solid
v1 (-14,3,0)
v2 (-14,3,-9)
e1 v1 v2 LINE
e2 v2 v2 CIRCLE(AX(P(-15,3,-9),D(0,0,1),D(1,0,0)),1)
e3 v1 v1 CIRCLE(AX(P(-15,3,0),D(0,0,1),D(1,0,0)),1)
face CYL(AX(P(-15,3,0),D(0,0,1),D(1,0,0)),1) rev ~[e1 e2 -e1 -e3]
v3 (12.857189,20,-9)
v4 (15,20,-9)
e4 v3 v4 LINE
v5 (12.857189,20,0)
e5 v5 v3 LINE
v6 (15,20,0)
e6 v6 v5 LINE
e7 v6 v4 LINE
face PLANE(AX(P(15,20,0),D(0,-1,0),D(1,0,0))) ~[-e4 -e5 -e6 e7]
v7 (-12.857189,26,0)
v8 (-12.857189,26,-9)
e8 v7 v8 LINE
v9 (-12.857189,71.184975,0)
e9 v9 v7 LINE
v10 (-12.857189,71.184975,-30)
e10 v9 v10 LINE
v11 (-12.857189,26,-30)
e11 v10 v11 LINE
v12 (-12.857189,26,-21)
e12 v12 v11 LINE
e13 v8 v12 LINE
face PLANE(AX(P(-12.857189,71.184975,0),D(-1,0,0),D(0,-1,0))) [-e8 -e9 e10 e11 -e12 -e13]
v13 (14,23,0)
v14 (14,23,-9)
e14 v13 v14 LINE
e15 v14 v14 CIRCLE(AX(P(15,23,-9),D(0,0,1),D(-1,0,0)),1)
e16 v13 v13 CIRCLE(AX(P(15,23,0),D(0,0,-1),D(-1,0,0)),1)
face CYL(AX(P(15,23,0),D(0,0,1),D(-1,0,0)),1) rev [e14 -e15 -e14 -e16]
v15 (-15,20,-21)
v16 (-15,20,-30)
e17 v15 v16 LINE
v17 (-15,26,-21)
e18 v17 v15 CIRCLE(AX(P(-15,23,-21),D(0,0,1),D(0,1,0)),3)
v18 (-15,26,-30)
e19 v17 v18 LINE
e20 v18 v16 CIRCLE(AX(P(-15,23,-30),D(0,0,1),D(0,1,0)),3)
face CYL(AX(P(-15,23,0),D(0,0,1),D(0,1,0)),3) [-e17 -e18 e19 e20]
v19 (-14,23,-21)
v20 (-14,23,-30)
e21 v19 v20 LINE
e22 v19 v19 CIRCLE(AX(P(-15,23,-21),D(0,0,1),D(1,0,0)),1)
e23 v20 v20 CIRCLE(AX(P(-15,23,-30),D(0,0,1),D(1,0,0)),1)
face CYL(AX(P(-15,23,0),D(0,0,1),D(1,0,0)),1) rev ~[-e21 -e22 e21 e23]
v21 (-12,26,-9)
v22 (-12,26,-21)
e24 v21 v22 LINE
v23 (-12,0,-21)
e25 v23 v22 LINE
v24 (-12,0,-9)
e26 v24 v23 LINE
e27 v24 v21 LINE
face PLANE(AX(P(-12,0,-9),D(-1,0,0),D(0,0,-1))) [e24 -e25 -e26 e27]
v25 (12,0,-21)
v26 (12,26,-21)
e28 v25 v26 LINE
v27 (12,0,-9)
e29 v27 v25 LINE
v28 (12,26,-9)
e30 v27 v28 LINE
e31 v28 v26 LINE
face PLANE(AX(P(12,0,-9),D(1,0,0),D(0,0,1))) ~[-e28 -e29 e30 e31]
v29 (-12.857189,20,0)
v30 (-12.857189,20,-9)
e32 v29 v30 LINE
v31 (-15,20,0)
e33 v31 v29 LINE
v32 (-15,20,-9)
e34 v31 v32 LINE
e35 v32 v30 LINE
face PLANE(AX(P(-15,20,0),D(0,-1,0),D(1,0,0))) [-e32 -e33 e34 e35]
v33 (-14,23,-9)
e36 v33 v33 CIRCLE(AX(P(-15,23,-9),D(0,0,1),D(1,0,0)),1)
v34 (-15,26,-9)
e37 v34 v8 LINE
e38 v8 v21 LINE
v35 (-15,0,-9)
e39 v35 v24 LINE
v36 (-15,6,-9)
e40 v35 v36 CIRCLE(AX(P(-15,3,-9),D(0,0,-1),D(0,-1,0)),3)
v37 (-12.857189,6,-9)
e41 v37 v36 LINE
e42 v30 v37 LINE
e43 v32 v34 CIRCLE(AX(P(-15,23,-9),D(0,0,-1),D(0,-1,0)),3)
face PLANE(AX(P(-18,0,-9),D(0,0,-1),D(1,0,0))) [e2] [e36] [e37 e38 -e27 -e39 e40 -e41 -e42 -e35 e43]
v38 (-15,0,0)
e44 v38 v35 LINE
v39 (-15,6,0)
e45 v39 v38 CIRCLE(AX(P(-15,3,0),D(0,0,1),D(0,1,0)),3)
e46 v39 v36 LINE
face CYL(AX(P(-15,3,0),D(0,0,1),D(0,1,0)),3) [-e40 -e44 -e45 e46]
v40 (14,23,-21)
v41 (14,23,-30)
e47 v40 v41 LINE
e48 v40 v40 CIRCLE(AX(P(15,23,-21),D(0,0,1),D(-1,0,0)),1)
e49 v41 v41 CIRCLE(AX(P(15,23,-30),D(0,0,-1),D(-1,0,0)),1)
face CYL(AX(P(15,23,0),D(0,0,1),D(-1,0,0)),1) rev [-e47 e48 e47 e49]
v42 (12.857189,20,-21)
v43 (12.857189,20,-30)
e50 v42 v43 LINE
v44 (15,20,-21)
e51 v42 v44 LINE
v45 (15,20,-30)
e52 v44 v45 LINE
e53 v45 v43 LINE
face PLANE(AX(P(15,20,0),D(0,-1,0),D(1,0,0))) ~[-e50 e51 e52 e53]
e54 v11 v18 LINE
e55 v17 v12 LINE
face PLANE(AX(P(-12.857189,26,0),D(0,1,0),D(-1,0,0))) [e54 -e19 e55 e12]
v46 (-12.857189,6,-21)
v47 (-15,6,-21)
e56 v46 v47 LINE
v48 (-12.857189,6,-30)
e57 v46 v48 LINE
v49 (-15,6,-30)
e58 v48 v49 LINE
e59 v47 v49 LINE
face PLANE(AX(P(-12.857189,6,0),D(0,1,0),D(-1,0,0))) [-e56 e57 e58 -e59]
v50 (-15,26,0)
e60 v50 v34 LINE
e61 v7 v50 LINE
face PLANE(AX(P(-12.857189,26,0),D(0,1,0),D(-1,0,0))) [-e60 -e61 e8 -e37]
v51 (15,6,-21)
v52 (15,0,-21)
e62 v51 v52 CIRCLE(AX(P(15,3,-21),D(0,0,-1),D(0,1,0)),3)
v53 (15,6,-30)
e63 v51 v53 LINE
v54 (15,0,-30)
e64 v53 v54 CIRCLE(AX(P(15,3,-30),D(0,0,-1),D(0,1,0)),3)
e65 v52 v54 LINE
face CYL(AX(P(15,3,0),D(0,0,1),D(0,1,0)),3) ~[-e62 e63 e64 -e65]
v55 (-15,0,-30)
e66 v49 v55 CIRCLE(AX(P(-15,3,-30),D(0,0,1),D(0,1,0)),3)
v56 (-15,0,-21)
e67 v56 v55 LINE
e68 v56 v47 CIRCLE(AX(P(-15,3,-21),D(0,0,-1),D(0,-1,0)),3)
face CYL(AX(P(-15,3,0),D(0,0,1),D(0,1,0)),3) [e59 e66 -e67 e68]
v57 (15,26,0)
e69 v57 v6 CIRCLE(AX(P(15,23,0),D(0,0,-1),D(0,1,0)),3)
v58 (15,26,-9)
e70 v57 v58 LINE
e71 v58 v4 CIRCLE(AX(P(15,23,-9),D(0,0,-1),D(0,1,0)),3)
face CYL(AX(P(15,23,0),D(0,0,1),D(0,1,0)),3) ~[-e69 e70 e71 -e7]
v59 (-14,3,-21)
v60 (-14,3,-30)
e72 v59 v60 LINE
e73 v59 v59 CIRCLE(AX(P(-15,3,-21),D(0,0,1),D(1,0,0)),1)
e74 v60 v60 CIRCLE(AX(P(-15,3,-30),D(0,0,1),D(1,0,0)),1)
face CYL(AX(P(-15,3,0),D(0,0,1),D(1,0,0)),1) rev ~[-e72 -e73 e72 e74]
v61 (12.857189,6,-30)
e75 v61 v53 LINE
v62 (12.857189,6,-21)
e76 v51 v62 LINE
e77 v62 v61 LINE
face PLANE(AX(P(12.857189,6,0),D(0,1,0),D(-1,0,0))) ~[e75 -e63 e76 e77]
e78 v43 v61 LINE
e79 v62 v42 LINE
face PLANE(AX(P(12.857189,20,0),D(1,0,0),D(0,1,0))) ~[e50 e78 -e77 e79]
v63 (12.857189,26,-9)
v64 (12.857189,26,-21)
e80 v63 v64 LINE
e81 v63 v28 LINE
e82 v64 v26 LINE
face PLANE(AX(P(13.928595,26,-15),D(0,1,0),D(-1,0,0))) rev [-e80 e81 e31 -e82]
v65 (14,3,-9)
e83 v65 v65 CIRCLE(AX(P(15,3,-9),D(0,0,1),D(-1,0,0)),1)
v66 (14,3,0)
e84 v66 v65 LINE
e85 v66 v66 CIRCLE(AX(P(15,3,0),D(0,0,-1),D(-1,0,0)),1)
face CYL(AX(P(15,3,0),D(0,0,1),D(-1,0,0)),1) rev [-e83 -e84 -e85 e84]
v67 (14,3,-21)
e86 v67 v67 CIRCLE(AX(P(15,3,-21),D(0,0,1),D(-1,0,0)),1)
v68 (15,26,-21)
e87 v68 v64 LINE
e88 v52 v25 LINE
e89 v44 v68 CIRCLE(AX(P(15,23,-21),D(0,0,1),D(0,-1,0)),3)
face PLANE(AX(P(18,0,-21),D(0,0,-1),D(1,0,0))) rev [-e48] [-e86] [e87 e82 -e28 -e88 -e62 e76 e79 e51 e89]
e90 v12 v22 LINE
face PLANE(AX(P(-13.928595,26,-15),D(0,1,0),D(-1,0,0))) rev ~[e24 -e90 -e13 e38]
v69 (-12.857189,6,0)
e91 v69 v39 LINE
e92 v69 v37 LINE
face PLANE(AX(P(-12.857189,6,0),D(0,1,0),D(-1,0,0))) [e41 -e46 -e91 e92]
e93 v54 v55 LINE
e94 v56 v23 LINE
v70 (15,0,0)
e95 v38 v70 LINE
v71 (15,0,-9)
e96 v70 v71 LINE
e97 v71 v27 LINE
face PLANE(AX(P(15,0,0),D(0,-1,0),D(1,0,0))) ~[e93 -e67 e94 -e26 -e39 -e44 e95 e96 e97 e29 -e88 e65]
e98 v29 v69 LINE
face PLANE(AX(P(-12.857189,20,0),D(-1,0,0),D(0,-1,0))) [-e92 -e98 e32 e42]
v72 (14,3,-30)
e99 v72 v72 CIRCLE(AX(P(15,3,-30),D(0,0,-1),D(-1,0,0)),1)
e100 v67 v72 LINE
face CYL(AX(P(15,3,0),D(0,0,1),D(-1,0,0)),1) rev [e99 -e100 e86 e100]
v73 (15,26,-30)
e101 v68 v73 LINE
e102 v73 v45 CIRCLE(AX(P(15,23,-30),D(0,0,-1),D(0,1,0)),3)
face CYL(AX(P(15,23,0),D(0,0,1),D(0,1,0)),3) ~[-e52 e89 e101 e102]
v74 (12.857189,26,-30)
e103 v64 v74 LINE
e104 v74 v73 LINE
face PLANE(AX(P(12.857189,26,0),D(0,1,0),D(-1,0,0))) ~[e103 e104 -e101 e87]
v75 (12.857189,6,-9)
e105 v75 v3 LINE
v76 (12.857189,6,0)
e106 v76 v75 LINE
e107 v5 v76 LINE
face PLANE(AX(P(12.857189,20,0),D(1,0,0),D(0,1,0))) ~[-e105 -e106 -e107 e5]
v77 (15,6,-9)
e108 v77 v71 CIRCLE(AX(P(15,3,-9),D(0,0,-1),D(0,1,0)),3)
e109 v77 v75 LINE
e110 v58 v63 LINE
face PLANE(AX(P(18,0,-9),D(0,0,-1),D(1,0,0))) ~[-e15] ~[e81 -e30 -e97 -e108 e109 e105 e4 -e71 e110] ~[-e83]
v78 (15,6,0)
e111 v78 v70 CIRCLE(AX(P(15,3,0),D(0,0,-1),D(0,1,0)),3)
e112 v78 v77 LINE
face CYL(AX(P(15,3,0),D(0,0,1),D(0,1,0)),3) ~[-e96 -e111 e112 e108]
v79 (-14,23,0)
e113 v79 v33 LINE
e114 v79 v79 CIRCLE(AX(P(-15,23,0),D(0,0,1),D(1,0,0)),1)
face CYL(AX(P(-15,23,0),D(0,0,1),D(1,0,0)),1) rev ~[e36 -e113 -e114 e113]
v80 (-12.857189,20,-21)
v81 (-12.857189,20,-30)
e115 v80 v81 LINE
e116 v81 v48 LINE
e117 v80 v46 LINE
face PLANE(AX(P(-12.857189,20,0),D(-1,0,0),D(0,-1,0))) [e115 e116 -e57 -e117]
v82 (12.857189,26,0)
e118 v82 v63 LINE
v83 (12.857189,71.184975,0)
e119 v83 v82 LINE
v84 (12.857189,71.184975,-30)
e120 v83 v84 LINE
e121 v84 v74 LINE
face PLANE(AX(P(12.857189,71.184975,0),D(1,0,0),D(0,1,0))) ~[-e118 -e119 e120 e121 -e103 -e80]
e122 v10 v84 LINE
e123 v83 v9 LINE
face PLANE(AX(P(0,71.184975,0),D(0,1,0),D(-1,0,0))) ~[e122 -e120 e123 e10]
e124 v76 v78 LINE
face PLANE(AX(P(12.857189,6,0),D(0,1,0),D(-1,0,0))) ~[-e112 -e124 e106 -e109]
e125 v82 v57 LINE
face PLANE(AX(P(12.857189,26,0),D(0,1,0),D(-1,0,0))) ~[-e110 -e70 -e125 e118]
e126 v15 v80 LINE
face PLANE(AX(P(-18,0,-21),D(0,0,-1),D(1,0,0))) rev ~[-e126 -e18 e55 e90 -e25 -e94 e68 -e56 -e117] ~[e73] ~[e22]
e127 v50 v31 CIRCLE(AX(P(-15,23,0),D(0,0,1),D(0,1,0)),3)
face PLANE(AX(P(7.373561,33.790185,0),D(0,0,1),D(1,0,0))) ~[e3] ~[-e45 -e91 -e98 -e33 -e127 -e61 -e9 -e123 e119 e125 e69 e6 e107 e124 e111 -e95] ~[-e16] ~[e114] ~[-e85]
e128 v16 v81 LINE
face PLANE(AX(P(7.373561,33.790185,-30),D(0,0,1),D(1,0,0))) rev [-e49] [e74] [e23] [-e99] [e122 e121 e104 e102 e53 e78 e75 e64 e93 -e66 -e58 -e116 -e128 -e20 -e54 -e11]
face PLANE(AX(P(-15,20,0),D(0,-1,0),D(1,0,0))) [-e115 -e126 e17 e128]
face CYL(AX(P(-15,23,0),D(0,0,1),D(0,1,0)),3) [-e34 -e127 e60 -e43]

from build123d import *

# Parameters (mm, degrees)
SKETCH_1_R          = 1
EXTRUDE_1_DEPTH     = 30
CUT_EXTRUDE_1_REACH = 81.318
SKETCH_2_W          = 6
SKETCH_2_H          = 12


with BuildPart() as part:
    # Эскиз1 → Бобышка-Вытянуть1 (new body)
    with BuildSketch(Plane.XY):
        with BuildLine():
            Line((-15, 20), (-12.857189373, 20))
            Line((-12.857189373, 20), (-12.857189373, 6))
            Line((-12.857189373, 6), (-15, 6))
            ThreePointArc((-15, 6), (-18, 3), (-15, 0))
            Line((-15, 0), (0, 0))
            Line((0, 0), (0, 55.160876672))
            Line((0, 55.160876672), (0, 71.184974766))
            Line((0, 71.184974766), (-12.857189373, 71.184974766))
            Line((-12.857189373, 71.184974766), (-12.857189373, 26))
            Line((-12.857189373, 26), (-15, 26))
            ThreePointArc((-15, 26), (-18, 23), (-15, 20))
        make_face()
        with Locations((-15, 23)):
            Circle(SKETCH_1_R, mode=Mode.SUBTRACT)
        with Locations((-15, 3)):
            Circle(SKETCH_1_R, mode=Mode.SUBTRACT)
    extrude_1 = extrude(amount=-EXTRUDE_1_DEPTH)

    # Вырез-Вытянуть1: up to this face of the body (flat: up to its plane)
    cut_extrude_1_end = Plane(part.part.faces().sort_by_distance((-13.928594687, 26, -15))[0])
    # Эскиз2 → Вырез-Вытянуть1 (cut, up to the picked face)
    with BuildSketch(Plane(origin=(0, 0, 0), x_dir=(1, 0, 0), z_dir=(0, 1, 0)), mode=Mode.PRIVATE) as cut_extrude_1_sk1:
        with Locations((-15, 15)):
            Rectangle(SKETCH_2_W, SKETCH_2_H)
    cut_extrude_1_tool1 = split(extrude(cut_extrude_1_sk1.sketch, amount=CUT_EXTRUDE_1_REACH, mode=Mode.PRIVATE), bisect_by=cut_extrude_1_end, keep=Keep.BOTH, mode=Mode.PRIVATE)
    cut_extrude_1 = cut_extrude_1_tool1.solids().sort_by(Axis((-15, 0, -15), (0, 1, 0)))[0]
    add(cut_extrude_1, mode=Mode.SUBTRACT)

    # Зеркальное отражение1: Бобышка-Вытянуть1, Вырез-Вытянуть1 across plane
    add(extrude_1.mirror(Plane(origin=(0, 71.184974766, -30), x_dir=(0, 0, 1), z_dir=(1, 0, 0))))
    add(cut_extrude_1.mirror(Plane(origin=(0, 71.184974766, -30), x_dir=(0, 0, 1), z_dir=(1, 0, 0))), mode=Mode.SUBTRACT)


solid = part.part
